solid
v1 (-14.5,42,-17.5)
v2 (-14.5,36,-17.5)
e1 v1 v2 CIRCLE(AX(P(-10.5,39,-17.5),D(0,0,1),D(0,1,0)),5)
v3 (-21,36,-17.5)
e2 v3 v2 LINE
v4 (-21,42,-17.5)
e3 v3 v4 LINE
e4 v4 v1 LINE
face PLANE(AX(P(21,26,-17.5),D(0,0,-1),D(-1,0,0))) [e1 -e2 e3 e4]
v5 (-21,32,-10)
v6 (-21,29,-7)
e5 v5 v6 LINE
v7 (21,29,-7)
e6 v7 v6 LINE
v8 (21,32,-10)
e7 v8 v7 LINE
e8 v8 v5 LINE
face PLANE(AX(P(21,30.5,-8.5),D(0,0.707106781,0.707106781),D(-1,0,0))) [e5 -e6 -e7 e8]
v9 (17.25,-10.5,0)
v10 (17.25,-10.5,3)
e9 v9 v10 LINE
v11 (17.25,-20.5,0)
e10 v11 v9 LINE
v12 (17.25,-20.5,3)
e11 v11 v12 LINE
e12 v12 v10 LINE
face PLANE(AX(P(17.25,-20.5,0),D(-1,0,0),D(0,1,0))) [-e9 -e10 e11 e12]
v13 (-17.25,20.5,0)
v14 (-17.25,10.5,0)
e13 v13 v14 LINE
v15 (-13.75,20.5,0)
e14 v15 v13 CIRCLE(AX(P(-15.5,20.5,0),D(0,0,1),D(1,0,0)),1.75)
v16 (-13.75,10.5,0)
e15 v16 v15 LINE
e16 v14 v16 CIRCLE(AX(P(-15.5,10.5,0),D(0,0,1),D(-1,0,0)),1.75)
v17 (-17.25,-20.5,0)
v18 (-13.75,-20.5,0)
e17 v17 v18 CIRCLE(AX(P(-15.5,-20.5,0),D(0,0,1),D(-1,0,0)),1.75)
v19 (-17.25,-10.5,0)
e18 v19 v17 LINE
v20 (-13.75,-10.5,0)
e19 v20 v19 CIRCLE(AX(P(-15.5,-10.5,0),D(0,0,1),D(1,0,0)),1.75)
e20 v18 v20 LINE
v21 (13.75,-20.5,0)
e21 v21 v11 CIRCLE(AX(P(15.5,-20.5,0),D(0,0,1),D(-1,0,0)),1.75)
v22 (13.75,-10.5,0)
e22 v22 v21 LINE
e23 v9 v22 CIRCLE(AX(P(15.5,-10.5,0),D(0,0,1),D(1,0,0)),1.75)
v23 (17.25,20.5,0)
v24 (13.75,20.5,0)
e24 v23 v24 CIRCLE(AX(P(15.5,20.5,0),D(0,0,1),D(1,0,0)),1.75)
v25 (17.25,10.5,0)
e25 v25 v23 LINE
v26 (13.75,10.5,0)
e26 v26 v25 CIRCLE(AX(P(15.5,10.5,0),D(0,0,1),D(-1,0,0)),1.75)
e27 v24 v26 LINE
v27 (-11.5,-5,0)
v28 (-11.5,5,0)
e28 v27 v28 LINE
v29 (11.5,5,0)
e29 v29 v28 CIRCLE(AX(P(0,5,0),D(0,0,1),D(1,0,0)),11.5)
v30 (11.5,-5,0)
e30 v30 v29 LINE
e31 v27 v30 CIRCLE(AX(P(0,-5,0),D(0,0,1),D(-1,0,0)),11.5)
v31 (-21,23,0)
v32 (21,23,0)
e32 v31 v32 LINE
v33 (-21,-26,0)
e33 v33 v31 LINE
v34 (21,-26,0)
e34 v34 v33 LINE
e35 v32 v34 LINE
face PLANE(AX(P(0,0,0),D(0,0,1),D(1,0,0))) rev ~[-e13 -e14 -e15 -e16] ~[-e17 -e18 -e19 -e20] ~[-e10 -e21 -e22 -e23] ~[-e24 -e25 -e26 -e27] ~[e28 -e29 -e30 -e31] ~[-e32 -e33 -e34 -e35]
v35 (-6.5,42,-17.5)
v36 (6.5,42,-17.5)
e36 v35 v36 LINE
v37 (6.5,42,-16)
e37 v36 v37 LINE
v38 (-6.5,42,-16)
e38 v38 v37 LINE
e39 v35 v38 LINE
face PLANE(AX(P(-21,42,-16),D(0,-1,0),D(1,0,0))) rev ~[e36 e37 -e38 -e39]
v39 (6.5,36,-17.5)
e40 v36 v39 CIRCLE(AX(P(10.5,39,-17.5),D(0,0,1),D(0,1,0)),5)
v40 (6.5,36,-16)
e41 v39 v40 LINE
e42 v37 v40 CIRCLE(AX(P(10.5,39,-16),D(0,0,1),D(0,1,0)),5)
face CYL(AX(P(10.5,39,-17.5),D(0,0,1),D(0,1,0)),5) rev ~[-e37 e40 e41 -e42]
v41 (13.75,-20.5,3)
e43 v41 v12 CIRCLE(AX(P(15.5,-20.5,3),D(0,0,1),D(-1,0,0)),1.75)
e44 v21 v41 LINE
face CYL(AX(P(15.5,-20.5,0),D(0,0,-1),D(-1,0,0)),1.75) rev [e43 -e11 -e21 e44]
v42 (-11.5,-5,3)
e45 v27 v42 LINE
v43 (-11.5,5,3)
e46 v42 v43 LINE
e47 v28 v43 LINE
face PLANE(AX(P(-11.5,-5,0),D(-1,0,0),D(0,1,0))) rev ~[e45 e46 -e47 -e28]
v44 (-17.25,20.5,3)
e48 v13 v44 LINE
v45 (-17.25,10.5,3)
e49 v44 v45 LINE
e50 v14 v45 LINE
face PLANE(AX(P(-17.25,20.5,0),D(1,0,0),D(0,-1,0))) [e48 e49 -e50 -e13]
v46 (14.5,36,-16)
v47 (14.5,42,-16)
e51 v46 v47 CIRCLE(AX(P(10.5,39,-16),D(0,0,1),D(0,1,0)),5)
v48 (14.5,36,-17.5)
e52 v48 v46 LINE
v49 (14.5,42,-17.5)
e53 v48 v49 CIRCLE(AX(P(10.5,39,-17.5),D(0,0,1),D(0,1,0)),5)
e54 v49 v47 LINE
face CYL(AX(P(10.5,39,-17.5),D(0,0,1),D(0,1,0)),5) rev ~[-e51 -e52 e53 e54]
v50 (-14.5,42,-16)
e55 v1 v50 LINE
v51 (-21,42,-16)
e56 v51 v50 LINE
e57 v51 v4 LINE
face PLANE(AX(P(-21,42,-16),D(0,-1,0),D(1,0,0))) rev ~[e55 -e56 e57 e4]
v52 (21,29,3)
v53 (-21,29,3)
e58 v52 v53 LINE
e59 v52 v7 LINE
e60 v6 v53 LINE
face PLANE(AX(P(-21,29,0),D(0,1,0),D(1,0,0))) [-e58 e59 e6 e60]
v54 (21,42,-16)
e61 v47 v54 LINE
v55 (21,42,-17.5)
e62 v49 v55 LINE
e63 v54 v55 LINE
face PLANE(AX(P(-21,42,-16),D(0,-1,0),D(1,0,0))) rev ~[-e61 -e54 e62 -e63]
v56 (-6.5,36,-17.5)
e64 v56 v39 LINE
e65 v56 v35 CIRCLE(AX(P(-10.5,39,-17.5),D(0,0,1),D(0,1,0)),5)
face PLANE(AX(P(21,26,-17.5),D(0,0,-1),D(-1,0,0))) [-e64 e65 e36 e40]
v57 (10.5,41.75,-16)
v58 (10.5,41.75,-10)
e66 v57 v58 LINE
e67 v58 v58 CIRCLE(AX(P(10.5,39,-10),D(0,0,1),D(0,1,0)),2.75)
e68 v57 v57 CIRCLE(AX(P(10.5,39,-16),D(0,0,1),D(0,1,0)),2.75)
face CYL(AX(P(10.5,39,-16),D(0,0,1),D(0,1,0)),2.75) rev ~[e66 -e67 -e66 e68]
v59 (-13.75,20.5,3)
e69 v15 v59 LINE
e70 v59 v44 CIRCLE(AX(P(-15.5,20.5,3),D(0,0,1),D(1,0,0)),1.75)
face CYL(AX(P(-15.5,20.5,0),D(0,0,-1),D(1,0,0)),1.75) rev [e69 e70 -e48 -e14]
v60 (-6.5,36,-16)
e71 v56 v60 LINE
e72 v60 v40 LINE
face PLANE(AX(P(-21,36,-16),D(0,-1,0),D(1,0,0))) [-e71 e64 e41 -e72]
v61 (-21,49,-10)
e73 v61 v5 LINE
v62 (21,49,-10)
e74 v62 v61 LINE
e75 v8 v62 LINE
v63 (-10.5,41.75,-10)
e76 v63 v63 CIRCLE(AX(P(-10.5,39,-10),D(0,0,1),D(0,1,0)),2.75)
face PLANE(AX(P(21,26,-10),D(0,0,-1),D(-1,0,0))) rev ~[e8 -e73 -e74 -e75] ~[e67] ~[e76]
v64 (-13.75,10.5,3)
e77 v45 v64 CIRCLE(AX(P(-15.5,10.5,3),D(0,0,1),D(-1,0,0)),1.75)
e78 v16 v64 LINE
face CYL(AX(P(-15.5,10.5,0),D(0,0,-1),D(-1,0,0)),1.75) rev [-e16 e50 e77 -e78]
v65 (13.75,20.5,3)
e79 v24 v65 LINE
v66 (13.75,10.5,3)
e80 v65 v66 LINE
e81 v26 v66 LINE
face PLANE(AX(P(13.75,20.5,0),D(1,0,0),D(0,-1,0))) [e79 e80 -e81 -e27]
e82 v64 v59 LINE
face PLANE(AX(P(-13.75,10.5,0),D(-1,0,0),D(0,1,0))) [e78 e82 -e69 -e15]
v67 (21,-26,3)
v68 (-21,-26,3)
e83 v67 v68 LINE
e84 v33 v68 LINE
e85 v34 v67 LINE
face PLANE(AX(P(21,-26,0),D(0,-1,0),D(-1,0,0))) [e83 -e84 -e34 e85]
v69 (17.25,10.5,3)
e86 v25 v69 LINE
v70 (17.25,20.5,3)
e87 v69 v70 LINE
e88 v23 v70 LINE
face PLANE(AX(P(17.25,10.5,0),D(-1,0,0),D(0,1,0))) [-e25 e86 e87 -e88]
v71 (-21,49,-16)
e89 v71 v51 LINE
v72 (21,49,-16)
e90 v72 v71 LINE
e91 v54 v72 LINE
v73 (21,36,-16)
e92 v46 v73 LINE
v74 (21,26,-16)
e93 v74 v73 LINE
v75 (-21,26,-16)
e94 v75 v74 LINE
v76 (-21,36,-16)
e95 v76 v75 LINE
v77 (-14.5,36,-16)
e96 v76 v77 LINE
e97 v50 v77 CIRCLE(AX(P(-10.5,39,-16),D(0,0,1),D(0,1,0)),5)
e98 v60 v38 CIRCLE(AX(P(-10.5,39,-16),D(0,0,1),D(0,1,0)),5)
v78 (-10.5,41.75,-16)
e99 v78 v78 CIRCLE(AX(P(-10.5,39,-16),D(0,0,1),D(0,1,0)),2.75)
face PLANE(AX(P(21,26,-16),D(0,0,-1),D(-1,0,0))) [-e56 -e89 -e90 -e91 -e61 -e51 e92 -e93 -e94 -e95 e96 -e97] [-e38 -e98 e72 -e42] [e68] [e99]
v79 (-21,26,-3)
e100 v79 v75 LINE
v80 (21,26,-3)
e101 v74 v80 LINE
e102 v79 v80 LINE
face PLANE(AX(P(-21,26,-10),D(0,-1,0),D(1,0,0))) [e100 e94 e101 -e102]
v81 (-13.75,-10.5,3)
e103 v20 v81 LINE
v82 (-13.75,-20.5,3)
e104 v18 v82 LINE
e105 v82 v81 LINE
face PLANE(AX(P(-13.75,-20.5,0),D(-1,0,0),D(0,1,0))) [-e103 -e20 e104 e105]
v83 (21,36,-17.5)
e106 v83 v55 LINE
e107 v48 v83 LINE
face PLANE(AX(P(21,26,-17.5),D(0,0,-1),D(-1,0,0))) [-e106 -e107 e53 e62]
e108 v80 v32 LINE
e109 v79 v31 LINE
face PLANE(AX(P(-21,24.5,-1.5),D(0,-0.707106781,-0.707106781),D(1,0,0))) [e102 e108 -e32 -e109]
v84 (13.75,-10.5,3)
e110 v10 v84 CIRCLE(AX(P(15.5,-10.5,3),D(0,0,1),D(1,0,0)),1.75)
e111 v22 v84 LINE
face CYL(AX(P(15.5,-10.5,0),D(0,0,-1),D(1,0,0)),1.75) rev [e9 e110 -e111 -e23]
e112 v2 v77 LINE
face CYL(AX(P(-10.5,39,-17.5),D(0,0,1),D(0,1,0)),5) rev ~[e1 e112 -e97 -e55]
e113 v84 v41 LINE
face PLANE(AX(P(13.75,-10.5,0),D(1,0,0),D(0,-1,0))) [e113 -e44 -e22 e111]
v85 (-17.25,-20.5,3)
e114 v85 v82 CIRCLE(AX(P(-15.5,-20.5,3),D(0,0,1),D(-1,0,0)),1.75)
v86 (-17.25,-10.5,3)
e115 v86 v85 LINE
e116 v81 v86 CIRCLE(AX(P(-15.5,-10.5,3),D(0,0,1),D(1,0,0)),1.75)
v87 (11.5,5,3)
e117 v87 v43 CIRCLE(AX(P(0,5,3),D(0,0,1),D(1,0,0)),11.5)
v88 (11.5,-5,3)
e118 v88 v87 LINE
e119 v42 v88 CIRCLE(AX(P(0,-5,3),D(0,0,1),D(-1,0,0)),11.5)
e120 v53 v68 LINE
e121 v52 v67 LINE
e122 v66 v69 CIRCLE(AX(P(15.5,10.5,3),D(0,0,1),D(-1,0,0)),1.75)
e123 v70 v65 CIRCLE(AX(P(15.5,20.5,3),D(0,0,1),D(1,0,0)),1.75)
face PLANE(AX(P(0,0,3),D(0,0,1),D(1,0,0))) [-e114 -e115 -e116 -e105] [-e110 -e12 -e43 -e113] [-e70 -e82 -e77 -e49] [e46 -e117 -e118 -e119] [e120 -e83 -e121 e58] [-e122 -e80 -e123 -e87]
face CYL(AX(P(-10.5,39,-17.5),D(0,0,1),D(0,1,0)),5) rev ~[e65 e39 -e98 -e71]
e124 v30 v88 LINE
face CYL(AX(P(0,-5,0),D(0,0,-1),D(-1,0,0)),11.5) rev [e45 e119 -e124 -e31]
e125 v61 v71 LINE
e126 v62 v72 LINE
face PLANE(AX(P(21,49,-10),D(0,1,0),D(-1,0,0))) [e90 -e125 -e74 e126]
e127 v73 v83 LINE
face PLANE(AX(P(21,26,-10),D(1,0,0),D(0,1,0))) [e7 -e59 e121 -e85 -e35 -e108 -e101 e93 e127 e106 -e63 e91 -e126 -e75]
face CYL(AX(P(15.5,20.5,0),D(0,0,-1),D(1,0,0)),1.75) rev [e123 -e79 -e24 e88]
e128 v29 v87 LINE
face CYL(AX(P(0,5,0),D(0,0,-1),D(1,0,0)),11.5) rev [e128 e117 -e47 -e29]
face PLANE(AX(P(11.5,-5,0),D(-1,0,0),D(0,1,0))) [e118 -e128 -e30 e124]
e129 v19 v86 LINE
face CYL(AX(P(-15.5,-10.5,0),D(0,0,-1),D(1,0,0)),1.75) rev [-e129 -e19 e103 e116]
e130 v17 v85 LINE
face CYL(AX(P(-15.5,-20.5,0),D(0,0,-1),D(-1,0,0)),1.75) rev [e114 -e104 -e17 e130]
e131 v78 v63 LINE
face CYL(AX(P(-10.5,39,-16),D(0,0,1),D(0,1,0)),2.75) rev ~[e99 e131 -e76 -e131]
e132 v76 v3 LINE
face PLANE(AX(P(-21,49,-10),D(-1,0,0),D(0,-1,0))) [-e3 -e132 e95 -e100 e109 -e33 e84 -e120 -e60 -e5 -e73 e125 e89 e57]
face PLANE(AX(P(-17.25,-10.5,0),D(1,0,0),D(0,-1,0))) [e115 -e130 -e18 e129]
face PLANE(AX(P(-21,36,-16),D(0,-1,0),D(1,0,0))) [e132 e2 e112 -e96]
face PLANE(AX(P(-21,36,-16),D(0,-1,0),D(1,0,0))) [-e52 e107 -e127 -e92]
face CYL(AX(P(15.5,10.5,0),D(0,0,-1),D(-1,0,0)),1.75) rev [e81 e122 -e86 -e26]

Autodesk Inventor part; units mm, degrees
ref_plane "YZ Plane" through (0, 0, 0) normal (1, 0, 0) x (0, 1, 0)
ref_plane "XZ Plane" through (0, 0, 0) normal (0, 1, 0) x (-1, 0, 0)
ref_plane "XY Plane" through (0, 0, 0) normal (0, 0, 1) x (1, 0, 0)
sketch "Sketch1" plane through (0, 0, 0) normal (0, 0, 1) x (1, 0, 0)
  line L0 (-21, 26) -> (21, 26)
  line L1 (21, 26) -> (21, -26)
  line L2 (21, -26) -> (-21, -26)
  line L3 (-21, -26) -> (-21, 26)
  line L4 (-21, 26) -> (21, -26) construction
  line L5 (21, 26) -> (-21, -26) construction
  line L6 (-15.5, 20.5) -> (15.5, -20.5) construction
  line L7 (15.5, 20.5) -> (-15.5, -20.5) construction
  line L8 (-11.5, -5) -> (-11.5, 5)
  line L9 (11.5, -5) -> (11.5, 5)
  arc A0 (4.507, 5.58) -> (4.2877, 5.6708) centre (0, -5) ccw
  arc A1 (-4.2877, 5.6708) -> (-4.507, 5.58) centre (0, -5) ccw
  arc A2 (-11.5, -5) -> (11.5, -5) centre (0, -5) ccw
  arc A3 (-4.507, -5.58) -> (-4.2877, -5.6708) centre (0, 5) ccw
  arc A4 (4.2877, -5.6708) -> (4.507, -5.58) centre (0, 5) ccw
  arc A5 (11.5, 5) -> (-11.5, 5) centre (0, 5) ccw
  line L10 (-15.5, -20.5) -> (-15.5, -10.5)
  arc A6 (-13.75, -10.5) -> (-17.25, -10.5) centre (-15.5, -10.5) ccw
  line L11 (-13.75, -20.5) -> (-13.75, -10.5)
  line L12 (-17.25, -10.5) -> (-17.25, -20.5)
  arc A7 (-17.25, -20.5) -> (-13.75, -20.5) centre (-15.5, -20.5) ccw
  arc A8 (17.25, -10.5) -> (13.75, -10.5) centre (15.5, -10.5) ccw
  line L13 (17.25, -20.5) -> (17.25, -10.5)
  line L14 (13.75, -10.5) -> (13.75, -20.5)
  arc A9 (13.75, -20.5) -> (17.25, -20.5) centre (15.5, -20.5) ccw
  arc A10 (-13.75, 20.5) -> (-17.25, 20.5) centre (-15.5, 20.5) ccw
  line L15 (-13.75, 10.5) -> (-13.75, 20.5)
  line L16 (-17.25, 20.5) -> (-17.25, 10.5)
  arc A11 (-17.25, 10.5) -> (-13.75, 10.5) centre (-15.5, 10.5) ccw
  arc A12 (17.25, 20.5) -> (13.75, 20.5) centre (15.5, 20.5) ccw
  line L17 (17.25, 10.5) -> (17.25, 20.5)
  line L18 (13.75, 20.5) -> (13.75, 10.5)
  arc A13 (13.75, 10.5) -> (17.25, 10.5) centre (15.5, 10.5) ccw
  point P0 (0, 0)
  dimension "d0" = 42
  dimension "d1" = 52
  dimension "d2" = 31
  dimension "d3" = 41
  dimension "d9" = 5
  dimension "d10" = 5
  dimension "d12" = 10
  dimension "d13" = 3.5
  dimension "d14" = 3.5
  dimension "d15" = 3.5
  dimension "d16" = 3.5
  dimension "d17" = 20.5
  dimension "d18" = 20.5
  dimension "d19" = 20.5
  dimension "d20" = 20.5
extrude "Extrusion1" add sketch "Sketch1" along normal blind 3
sketch "Sketch2" plane through (-21, 26, 0) normal (0, 1, 0) x (1, 0, 0)
  line L0 (42, -3) -> (0, -3) projected
  line L1 (0, -3) -> (42, -3)
  line L2 (42, -3) -> (42, 10)
  line L3 (42, 10) -> (0, 10)
  line L4 (0, 10) -> (0, -3)
  point P0 (21, 0)
  dimension "d23" = 13
extrude "Extrusion2" add sketch "Sketch2" along normal blind 3
sketch "Sketch3" plane through (21, 26, -10) normal (0, 0, -1) x (-1, 0, 0)
  line L0 (42, 0) -> (0, 0) projected
  line L1 (42, 0) -> (0, 0)
  line L2 (0, 0) -> (0, 23)
  line L3 (0, 23) -> (42, 23)
  line L4 (42, 23) -> (42, 0)
  point P0 (21, -26)
  dimension "d26" = 23
extrude "Extrusion3" add sketch "Sketch3" along normal blind 6
sketch "Sketch6" plane through (21, 26, -10) normal (0, 0, 1) x (1, 0, 0)
  point P0 (-21, -26)
  point P1 (-10.5, 13)
  point P2 (-31.5, 13)
sketch "Sketch7" plane through (21, 26, -16) normal (0, 0, -1) x (-1, 0, 0)
  circle A0 centre (31.5, 13) radius 2.75 projected
  circle A1 centre (10.5, 13) radius 2.75 projected
  line L0 (42, 10) -> (0, 10)
  line L1 (42, 16) -> (0, 16)
  line L2 (42, 0) -> (42, 23) projected
  line L3 (42, 0) -> (42, 23)
  line L4 (0, 0) -> (42, 0) projected
  line L5 (0, 3) -> (0, 23) projected
  line L6 (0, 0) -> (0, 23)
  point P0 (21, -26)
extrude "Extrusion4" add sketch "Sketch7" along normal blind 1.5 contours L0 L5 L1 L2
sketch "Sketch8" plane through (21, 26, -17.5) normal (0, 0, -1) x (-1, 0, 0)
  circle A0 centre (31.5, 13) radius 2.75 projected
  circle A1 centre (10.5, 13) radius 2.75 projected
  point P0 (21, -26)
hole "Hole2" at (-10.5, 39, -17.5) at (10.5, 39, -17.5) direction (0, 0, 1) diameter 5.5 end through all counterbore diameter 10 counterbore depth 1.5
chamfer "Chamfer2" distance 3 angle 45 2 edges at (0, 26, 0) (0, 29, -10)
properties part number "Suporte Z Motor"
